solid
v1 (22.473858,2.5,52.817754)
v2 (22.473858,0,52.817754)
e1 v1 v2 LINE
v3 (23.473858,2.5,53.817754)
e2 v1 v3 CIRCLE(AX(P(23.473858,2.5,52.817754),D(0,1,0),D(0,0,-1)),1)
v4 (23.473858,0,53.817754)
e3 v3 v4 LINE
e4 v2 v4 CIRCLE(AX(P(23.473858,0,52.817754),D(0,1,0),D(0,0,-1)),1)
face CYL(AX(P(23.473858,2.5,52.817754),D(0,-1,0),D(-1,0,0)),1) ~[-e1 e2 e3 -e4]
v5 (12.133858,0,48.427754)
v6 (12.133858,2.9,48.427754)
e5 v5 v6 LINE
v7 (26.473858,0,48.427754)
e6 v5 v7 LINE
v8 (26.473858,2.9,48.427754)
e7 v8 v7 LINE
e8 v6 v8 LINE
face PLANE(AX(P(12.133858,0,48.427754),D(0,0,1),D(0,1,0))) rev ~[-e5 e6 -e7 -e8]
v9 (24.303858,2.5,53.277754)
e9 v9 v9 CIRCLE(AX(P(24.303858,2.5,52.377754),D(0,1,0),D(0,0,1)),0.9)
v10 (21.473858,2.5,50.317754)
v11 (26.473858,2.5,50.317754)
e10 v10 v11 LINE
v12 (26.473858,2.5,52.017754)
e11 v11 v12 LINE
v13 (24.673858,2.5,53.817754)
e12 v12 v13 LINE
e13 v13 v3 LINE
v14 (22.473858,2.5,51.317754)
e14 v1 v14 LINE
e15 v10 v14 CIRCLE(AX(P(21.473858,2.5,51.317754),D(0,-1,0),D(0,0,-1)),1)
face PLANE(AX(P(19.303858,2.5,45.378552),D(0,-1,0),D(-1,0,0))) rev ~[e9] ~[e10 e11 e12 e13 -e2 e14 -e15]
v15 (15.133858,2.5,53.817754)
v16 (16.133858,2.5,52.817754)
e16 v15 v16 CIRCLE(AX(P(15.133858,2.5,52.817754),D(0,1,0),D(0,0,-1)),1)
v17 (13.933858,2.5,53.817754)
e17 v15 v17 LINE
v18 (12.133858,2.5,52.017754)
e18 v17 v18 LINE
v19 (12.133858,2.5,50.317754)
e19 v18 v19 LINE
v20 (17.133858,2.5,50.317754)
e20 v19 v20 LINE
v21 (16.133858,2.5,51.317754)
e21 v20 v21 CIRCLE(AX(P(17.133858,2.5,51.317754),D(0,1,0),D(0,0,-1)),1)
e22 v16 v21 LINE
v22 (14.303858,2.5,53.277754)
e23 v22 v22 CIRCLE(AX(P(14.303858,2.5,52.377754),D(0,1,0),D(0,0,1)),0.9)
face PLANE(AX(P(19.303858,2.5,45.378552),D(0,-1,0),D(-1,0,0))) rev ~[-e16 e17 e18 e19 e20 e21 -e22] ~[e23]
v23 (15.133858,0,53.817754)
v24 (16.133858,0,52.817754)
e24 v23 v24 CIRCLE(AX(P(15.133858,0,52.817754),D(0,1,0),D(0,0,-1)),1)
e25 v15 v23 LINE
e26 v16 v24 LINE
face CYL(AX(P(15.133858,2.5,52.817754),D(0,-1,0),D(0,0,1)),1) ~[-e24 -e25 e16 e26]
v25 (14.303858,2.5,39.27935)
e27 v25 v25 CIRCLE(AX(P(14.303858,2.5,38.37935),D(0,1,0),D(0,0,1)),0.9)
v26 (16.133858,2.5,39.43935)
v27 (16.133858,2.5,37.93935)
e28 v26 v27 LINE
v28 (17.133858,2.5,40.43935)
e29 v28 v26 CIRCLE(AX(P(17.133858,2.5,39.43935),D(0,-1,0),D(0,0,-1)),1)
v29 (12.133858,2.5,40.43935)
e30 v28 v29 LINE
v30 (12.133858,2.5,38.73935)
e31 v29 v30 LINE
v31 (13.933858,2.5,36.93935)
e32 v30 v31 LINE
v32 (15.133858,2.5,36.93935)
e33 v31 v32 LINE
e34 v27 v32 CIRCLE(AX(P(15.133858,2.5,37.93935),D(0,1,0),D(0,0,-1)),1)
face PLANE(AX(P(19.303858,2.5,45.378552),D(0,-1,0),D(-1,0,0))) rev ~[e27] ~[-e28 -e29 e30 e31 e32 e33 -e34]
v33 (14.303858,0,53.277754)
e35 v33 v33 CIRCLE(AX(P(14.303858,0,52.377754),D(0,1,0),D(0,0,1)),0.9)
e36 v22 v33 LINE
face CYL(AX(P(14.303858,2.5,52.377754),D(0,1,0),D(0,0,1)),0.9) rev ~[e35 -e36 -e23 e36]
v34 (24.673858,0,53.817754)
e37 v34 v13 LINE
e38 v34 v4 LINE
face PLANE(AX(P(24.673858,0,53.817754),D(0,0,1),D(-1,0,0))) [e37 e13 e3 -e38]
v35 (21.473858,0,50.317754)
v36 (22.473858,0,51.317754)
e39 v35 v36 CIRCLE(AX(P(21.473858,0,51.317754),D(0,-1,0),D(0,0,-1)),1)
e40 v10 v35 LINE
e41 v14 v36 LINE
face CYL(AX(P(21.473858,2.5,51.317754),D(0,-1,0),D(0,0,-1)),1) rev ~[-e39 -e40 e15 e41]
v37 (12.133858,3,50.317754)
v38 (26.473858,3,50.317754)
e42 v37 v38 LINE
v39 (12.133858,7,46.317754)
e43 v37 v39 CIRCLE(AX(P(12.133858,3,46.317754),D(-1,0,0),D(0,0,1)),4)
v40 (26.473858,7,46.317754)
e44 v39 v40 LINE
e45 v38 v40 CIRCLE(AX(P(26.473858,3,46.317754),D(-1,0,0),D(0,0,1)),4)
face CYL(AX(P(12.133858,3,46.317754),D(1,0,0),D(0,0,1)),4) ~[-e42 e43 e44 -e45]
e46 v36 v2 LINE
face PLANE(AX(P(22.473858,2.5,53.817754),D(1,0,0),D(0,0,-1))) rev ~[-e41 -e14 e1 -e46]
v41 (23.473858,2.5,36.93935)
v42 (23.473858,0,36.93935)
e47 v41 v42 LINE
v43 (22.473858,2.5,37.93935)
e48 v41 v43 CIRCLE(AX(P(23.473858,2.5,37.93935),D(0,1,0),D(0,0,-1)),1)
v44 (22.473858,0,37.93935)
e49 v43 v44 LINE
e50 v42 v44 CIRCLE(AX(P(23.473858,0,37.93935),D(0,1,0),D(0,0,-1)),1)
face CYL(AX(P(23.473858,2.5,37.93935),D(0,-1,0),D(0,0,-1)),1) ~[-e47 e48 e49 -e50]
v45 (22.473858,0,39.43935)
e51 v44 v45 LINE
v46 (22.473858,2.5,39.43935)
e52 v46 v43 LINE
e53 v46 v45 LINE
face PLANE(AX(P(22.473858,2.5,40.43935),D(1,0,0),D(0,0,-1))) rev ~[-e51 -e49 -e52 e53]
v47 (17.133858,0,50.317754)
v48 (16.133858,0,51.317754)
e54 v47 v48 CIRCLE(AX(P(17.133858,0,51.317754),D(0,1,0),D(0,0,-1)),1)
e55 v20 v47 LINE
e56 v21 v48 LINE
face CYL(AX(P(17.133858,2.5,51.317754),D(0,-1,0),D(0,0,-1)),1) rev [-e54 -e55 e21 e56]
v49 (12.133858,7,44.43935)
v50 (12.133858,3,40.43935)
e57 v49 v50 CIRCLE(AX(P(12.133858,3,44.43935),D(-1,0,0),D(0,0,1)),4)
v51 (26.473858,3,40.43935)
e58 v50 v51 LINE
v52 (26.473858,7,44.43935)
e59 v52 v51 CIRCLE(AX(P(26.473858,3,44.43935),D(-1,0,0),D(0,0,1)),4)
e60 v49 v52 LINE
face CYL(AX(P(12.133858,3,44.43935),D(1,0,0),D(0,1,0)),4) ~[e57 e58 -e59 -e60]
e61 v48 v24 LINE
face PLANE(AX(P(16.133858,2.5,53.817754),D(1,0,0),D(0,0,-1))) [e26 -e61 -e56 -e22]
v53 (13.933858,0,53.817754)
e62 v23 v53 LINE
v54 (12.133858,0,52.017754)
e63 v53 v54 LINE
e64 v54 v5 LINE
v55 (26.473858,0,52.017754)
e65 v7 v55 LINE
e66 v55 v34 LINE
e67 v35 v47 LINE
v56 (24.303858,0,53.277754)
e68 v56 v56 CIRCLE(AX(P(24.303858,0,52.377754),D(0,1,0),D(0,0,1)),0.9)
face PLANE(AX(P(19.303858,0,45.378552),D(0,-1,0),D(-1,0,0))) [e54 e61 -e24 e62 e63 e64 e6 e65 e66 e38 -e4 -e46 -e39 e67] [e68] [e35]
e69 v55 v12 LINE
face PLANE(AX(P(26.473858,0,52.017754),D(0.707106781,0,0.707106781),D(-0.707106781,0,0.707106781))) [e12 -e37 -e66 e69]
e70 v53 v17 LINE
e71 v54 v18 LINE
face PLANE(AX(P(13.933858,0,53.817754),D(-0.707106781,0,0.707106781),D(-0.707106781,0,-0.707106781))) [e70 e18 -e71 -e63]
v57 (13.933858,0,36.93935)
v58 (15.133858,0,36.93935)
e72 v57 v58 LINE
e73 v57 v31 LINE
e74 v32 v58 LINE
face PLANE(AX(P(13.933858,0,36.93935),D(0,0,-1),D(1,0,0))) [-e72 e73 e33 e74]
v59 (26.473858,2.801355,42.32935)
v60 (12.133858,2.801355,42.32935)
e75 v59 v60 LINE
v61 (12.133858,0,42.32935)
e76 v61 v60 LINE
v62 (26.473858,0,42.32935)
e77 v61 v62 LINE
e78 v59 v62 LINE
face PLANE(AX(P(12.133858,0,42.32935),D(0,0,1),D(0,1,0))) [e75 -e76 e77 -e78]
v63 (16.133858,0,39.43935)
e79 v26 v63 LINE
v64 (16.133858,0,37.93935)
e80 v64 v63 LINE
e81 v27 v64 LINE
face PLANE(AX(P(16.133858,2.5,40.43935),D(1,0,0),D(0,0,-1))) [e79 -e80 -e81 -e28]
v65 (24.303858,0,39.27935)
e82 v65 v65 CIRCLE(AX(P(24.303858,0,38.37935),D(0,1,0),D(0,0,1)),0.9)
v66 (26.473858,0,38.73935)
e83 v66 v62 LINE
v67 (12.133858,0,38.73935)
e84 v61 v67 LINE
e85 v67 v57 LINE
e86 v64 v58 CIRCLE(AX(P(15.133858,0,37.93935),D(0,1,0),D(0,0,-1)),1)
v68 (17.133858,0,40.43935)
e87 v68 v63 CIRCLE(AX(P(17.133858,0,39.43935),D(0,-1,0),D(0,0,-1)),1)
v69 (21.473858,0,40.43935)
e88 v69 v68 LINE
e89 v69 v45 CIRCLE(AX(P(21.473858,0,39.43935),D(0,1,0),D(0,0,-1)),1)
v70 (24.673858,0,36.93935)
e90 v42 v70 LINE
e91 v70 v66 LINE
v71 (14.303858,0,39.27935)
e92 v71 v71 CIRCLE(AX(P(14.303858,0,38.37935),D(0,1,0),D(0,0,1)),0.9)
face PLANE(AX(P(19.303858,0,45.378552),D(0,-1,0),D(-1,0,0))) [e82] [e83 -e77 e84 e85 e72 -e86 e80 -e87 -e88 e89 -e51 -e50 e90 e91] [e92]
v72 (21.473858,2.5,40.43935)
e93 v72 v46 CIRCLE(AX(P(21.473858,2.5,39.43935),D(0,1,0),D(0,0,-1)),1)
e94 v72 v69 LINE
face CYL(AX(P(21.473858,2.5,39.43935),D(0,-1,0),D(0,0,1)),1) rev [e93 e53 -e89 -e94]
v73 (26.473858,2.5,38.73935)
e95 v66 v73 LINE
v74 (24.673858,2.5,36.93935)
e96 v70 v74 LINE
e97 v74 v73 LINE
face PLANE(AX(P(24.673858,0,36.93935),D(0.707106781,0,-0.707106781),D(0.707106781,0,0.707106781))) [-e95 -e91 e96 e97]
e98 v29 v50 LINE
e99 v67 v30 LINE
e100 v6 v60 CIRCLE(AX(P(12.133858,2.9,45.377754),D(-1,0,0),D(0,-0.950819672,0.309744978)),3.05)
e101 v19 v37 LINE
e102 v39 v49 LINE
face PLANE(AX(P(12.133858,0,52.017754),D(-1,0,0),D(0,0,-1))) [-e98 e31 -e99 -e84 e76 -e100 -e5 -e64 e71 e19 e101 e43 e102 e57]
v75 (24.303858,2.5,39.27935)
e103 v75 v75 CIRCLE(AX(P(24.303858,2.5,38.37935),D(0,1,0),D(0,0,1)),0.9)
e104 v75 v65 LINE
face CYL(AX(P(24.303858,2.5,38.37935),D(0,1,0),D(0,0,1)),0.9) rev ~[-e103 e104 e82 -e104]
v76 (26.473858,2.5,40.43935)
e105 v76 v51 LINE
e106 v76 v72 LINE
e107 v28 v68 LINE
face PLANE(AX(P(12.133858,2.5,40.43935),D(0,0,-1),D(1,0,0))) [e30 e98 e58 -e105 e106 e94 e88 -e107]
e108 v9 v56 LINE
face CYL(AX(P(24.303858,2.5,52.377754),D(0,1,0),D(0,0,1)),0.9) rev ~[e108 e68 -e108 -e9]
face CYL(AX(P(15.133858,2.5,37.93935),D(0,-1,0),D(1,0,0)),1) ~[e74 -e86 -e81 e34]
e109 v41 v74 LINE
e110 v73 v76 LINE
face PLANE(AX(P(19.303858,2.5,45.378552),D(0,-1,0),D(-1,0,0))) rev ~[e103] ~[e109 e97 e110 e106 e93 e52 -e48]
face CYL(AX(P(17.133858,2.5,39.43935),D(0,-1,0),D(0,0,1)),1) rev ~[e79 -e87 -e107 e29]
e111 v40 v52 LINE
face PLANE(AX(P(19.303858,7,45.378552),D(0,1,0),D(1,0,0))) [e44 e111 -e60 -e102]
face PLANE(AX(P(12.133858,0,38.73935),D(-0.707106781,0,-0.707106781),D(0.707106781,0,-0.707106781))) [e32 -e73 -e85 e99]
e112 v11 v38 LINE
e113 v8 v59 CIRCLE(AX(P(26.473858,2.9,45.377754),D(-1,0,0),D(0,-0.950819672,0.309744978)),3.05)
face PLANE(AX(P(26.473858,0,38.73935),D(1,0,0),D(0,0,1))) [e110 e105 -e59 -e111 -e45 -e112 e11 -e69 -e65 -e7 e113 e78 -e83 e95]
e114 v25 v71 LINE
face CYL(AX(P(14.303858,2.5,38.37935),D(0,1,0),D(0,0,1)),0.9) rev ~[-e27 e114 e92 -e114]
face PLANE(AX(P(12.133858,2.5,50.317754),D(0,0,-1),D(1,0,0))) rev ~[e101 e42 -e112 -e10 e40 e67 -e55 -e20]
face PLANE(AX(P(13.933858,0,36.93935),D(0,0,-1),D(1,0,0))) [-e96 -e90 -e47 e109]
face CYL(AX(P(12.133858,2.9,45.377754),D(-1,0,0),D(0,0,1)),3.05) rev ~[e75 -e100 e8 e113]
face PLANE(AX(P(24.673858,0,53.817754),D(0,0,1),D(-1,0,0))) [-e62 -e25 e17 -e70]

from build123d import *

# Parameters (mm, degrees)
BOSS_EXTRUDE1_DEPTH = 2.5
SKETCH2_R           = 0.9
CUT_EXTRUDE1_DEPTH  = 2.5
SKETCH3_W           = 14.34
SKETCH3_H           = 9.878404361
BOSS_EXTRUDE2_DEPTH = 4.5
SKETCH4_R           = 3.05
CUT_EXTRUDE2_DEPTH  = 57.133646482
SKETCH5_W           = 6.098404361
SKETCH5_H           = 2.9
CUT_EXTRUDE3_DEPTH  = 57.133646482
FILLET1_R           = 4
SKETCH7_W           = 6.34
SKETCH7_H           = 3.5
CUT_EXTRUDE5_DEPTH  = 61.145372561
FILLET2_R           = 1


with BuildPart() as part:
    # Sketch1 → Boss-Extrude1 (new body)
    with BuildSketch(Plane(origin=(0, 0, 0), x_dir=(1, 0, 0), z_dir=(0, 1, 0))):
        Polygon((26.473858297, -52.017754202), (24.673858297, -53.817754202), (13.933858297, -53.817754202), (12.133858297, -52.017754202), (12.133858297, -38.739349841), (13.933858297, -36.939349841), (24.673858297, -36.939349841), (26.473858297, -38.739349841), align=None)
    extrude(amount=BOSS_EXTRUDE1_DEPTH)

    # Sketch2 → Cut-Extrude1 (cut)
    with BuildSketch(Plane(origin=(0, 2.5, 0), x_dir=(1, 0, 0), z_dir=(0, 1, 0))):
        with Locations(Location((24.303858297, -52.377754202, 0), (0, 0, 270))):
            Circle(SKETCH2_R)
        with Locations(Location((14.303858297, -52.377754202, 0), (0, 0, 270))):
            Circle(SKETCH2_R)
        with Locations(Location((14.303858297, -38.379349841, 0), (0, 0, 270))):
            Circle(SKETCH2_R)
        with Locations(Location((24.303858297, -38.379349841, 0), (0, 0, 270))):
            Circle(SKETCH2_R)
    extrude(amount=-CUT_EXTRUDE1_DEPTH, mode=Mode.SUBTRACT)

    # Sketch3 → Boss-Extrude2 (add)
    with BuildSketch(Plane(origin=(0, 2.5, 0), x_dir=(1, 0, 0), z_dir=(0, 1, 0))):
        with Locations((19.303858297, -45.378552021)):
            Rectangle(SKETCH3_W, SKETCH3_H)
    extrude(amount=BOSS_EXTRUDE2_DEPTH)

    # Sketch4 → Cut-Extrude2 (cut, through all)
    with BuildSketch(Plane.ZY.offset(-12.133858297)):
        with Locations((45.377754202, 2.9)):
            Circle(SKETCH4_R)
    extrude(amount=-CUT_EXTRUDE2_DEPTH, mode=Mode.SUBTRACT)

    # Sketch5 → Cut-Extrude3 (cut, through all)
    with BuildSketch(Plane.ZY.offset(-12.133858297)):
        with Locations((45.378552021, 1.45)):
            Rectangle(SKETCH5_W, SKETCH5_H)
    extrude(amount=-CUT_EXTRUDE3_DEPTH, mode=Mode.SUBTRACT)

    # Fillet1
    fillet1_edges = [part.edges().sort_by_distance(p)[0] for p in [
        (19.303858297, 7, 40.439349841),
        (19.303858297, 7, 50.317754202),
    ]]
    fillet(fillet1_edges, radius=FILLET1_R)

    # Sketch7 → Cut-Extrude5 (cut, through all)
    with BuildSketch(Plane(origin=(0, 2.5, 0), x_dir=(1, 0, 0), z_dir=(0, 1, 0))):
        with Locations((19.303858297, -52.067754202)):
            Rectangle(SKETCH7_W, SKETCH7_H)
        with Locations((19.303858297, -38.689349841)):
            Rectangle(SKETCH7_W, SKETCH7_H)
    extrude(amount=-CUT_EXTRUDE5_DEPTH, mode=Mode.SUBTRACT)

    # Fillet2
    fillet2_edges = [part.edges().sort_by_distance(p)[0] for p in [
        (22.473858297, 1.25, 50.317754202),
        (22.473858297, 1.25, 53.817754202),
        (16.133858297, 1.25, 53.817754202),
        (16.133858297, 1.25, 50.317754202),
        (22.473858297, 1.25, 36.939349841),
        (22.473858297, 1.25, 40.439349841),
        (16.133858297, 1.25, 40.439349841),
        (16.133858297, 1.25, 36.939349841),
    ]]
    fillet(fillet2_edges, radius=FILLET2_R)


solid = part.part
